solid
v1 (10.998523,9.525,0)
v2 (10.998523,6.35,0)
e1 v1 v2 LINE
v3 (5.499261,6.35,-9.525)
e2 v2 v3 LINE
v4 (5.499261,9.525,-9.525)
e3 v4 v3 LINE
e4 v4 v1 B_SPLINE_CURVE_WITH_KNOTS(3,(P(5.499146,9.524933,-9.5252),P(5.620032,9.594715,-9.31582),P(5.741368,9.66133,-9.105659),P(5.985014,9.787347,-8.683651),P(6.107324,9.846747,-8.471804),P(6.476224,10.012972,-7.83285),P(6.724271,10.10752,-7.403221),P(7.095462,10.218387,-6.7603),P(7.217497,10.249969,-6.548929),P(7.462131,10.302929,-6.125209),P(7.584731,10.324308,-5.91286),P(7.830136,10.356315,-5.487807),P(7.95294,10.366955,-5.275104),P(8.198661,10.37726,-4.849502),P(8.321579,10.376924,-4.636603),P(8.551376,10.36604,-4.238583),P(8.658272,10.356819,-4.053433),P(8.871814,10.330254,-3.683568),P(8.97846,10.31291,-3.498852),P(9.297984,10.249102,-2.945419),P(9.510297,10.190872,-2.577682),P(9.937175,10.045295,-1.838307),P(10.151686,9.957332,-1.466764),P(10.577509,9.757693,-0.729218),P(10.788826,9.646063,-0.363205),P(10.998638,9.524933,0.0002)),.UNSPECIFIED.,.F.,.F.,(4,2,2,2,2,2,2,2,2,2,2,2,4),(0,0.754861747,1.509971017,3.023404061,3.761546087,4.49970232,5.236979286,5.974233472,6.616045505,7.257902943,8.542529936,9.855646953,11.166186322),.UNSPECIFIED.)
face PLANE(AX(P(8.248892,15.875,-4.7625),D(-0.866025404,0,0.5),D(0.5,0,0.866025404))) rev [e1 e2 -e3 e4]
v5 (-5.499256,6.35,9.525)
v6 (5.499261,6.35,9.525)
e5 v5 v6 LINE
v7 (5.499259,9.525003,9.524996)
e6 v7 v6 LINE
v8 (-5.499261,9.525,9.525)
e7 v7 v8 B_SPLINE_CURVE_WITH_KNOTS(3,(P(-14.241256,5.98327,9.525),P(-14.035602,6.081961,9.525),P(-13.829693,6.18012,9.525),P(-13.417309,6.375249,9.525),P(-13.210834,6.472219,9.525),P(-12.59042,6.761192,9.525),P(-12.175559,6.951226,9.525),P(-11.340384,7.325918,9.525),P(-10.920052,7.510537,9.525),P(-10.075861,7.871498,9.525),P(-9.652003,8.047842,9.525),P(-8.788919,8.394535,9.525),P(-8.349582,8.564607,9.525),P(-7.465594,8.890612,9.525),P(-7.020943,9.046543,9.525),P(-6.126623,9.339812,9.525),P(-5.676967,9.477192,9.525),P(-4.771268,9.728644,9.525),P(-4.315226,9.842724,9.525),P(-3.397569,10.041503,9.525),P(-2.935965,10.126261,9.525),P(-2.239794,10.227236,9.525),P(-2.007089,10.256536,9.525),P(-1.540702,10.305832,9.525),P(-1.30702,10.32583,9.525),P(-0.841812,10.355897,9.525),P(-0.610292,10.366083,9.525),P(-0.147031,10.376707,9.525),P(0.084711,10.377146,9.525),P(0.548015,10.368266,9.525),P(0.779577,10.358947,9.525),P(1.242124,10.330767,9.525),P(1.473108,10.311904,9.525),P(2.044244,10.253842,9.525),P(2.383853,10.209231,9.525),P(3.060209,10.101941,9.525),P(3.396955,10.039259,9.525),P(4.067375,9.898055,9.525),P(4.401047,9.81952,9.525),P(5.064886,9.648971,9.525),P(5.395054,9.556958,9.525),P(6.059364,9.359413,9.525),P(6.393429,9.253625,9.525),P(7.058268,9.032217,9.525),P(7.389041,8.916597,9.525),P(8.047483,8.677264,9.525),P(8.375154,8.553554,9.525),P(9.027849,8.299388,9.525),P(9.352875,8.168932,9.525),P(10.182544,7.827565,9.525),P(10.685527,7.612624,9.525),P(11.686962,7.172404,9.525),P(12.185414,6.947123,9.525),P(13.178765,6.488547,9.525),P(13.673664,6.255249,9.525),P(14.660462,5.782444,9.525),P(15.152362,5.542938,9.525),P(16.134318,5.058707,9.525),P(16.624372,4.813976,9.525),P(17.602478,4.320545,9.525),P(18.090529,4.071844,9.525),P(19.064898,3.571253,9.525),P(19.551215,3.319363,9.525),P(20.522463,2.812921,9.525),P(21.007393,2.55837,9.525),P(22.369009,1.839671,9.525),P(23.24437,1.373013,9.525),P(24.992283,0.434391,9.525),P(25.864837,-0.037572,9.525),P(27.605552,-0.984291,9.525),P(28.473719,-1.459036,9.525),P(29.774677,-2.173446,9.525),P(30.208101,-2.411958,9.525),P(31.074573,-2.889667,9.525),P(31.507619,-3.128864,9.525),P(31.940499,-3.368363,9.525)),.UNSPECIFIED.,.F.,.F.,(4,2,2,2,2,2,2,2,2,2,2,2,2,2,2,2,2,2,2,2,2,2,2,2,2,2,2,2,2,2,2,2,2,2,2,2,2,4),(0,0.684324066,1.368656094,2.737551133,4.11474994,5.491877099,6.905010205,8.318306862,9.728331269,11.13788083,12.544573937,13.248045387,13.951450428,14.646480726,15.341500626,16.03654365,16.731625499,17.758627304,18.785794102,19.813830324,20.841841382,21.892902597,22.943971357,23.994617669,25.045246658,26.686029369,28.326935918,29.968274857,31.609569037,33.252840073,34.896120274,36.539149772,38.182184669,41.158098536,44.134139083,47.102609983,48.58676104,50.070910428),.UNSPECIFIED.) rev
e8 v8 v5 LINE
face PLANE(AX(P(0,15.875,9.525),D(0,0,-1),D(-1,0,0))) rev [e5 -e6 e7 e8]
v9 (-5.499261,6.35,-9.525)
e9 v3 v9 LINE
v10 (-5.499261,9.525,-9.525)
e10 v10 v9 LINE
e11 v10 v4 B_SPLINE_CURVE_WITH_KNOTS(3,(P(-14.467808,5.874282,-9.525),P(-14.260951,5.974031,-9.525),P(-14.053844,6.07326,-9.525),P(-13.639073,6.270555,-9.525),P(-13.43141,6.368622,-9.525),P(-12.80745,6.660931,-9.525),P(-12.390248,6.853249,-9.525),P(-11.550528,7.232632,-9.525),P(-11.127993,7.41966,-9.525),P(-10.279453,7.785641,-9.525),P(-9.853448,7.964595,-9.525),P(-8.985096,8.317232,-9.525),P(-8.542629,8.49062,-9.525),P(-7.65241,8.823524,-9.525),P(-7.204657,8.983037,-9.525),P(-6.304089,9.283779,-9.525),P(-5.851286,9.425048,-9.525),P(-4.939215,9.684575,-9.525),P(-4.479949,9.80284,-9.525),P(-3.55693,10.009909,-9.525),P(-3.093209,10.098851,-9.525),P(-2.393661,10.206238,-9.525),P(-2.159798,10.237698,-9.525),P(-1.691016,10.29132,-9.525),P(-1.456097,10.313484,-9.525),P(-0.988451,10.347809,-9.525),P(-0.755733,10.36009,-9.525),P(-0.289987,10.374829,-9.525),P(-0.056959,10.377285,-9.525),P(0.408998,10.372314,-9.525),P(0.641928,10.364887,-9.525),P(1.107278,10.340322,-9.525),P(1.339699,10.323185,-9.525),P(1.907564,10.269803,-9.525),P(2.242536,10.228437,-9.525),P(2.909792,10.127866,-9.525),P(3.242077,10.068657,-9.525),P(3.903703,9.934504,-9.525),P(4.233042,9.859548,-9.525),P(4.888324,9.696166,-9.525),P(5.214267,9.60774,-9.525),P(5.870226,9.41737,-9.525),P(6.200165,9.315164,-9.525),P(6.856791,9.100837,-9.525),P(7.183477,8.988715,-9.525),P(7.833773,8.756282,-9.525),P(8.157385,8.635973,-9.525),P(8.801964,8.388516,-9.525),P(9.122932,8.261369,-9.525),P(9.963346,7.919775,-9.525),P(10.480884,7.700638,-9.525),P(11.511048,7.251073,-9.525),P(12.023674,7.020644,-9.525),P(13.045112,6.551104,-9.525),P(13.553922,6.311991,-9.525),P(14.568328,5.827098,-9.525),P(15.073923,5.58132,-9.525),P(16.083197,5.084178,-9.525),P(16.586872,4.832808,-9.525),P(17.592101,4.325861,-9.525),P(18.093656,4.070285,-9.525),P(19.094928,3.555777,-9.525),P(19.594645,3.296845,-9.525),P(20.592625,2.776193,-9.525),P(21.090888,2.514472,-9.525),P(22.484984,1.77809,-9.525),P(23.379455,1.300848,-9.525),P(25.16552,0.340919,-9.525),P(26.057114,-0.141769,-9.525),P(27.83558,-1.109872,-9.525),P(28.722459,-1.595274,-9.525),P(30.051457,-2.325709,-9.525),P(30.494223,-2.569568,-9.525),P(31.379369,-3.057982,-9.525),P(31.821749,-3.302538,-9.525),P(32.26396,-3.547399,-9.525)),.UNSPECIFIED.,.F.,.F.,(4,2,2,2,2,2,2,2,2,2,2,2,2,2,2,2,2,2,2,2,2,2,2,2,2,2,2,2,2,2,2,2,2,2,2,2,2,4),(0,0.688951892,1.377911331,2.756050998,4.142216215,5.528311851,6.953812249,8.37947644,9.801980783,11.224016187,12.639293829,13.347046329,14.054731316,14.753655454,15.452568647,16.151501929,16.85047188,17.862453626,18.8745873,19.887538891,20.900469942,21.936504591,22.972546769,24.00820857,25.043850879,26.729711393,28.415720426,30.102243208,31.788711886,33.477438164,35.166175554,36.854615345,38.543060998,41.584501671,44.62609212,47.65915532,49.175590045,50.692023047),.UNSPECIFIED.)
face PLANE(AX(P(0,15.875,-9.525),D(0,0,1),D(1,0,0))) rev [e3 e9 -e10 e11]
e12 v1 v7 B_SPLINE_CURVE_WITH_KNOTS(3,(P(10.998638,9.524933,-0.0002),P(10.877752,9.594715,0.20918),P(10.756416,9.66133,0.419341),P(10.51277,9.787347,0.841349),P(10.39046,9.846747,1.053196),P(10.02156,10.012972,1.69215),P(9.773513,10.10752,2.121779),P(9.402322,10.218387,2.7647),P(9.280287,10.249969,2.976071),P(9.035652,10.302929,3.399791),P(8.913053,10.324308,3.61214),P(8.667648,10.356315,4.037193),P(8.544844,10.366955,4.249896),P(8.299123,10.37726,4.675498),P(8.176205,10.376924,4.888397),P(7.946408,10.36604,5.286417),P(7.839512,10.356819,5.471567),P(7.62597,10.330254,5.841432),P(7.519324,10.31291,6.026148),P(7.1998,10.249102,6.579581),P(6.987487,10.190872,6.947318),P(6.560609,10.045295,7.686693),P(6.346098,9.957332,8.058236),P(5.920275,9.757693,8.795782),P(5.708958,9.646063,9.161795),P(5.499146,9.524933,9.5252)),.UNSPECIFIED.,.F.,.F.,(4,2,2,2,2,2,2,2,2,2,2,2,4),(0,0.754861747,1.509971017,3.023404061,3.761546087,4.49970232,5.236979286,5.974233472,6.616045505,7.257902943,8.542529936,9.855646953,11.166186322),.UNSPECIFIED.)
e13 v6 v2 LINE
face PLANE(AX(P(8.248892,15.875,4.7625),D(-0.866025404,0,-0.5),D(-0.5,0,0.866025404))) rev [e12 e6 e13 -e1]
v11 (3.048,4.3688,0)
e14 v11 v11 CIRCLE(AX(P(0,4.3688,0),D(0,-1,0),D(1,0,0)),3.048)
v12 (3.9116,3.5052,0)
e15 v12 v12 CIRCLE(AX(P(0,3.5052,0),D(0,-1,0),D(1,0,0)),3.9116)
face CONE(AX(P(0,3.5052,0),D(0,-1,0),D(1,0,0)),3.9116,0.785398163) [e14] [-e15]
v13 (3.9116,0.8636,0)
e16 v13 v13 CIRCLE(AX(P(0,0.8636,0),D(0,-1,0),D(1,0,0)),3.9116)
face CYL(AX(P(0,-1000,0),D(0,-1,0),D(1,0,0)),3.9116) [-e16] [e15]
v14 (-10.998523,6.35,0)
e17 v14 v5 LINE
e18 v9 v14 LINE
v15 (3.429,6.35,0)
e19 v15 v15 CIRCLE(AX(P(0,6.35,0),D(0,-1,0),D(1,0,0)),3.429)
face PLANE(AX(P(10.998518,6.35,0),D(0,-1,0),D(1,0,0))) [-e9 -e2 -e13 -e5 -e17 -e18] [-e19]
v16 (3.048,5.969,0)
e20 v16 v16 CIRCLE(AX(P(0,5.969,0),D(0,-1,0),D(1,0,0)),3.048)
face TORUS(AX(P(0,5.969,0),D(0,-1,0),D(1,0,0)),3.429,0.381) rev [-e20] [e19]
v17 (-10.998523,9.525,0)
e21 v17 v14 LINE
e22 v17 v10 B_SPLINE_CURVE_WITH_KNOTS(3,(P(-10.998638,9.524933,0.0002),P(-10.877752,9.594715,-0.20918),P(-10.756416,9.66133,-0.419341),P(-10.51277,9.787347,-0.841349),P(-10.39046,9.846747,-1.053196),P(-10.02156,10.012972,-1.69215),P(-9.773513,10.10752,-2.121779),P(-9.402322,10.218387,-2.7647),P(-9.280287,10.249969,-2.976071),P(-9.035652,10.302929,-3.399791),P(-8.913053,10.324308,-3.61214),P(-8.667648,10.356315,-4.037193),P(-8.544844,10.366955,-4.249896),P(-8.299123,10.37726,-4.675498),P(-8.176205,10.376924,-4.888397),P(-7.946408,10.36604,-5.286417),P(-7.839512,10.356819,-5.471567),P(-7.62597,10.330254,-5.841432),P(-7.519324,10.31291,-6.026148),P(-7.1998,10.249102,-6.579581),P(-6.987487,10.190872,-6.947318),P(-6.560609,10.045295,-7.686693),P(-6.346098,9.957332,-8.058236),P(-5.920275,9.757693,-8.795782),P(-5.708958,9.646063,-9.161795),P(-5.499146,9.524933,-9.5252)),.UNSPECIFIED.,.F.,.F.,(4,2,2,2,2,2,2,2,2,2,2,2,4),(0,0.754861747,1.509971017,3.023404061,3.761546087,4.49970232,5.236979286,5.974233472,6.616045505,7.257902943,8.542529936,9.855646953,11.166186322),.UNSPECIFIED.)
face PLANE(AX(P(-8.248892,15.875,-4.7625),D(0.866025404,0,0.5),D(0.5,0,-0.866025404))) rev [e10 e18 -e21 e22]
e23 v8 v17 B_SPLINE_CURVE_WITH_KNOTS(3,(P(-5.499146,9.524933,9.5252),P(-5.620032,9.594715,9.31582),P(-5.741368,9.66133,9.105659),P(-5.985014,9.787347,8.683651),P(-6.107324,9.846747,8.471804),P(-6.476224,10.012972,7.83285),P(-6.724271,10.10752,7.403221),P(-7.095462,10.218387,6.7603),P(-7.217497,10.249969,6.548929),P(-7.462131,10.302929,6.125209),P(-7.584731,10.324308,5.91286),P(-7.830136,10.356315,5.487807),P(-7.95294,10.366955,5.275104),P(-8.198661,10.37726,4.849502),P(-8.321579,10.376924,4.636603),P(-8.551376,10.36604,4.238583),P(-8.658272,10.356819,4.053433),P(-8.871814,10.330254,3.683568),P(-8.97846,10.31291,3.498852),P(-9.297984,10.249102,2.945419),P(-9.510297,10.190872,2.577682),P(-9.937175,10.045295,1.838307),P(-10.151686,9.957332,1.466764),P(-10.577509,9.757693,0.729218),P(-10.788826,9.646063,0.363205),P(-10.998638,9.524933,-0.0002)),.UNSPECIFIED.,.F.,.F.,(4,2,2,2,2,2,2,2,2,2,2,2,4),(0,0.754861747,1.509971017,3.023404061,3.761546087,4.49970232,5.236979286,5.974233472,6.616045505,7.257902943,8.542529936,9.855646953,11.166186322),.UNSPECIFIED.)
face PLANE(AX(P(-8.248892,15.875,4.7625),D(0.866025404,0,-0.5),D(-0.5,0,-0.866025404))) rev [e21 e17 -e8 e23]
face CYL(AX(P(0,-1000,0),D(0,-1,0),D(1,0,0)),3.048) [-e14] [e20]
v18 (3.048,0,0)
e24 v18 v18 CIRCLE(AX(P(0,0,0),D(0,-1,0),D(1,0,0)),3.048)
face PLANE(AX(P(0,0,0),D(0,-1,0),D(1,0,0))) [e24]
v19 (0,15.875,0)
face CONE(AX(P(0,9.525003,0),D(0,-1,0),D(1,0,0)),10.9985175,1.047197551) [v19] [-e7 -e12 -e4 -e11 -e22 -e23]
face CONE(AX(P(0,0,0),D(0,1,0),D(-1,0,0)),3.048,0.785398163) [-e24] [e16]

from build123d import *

# Parameters (mm, degrees)
CUT_EXTRUDE2_DEPTH = 15.875


with BuildPart() as part:
    # Sketch3 → Revolve1 (revolve)
    with BuildSketch(Plane.XY):
        with BuildLine():
            Line((0, 15.875), (10.9985175, 9.525002961))
            Line((10.9985175, 9.525002961), (10.9985175, 6.35))
            Line((10.9985175, 6.35), (3.429, 6.35))
            ThreePointArc((3.429, 6.35), (3.159592316, 6.238407684), (3.048, 5.969))
            Line((3.048, 5.969), (3.048, 4.3688))
            Line((3.048, 4.3688), (3.9116, 3.5052))
            Line((3.9116, 3.5052), (3.9116, 0.8636))
            Line((3.9116, 0.8636), (3.048, 0))
            Line((3.048, 0), (0, 0))
            Line((0, 0), (0, 15.875))
        make_face()
    revolve(axis=Axis((0, -1000, 0), (0, 1, 0)))

    # Sketch1 → Cut-Extrude2 (cut)
    with BuildSketch(Plane(origin=(0, 0, 0), x_dir=(1, 0, 0), z_dir=(0, 1, 0))):
        with BuildLine():
            ThreePointArc((-5.499261314, -9.525), (0, -10.998522628), (5.499261314, -9.525))
            Line((5.499261314, -9.525), (-5.499261314, -9.525))
        make_face()
        with BuildLine():
            ThreePointArc((-10.998522628, 0), (-9.525, -5.499261314), (-5.499261314, -9.525))
            Line((-5.499261314, -9.525), (-10.998522628, 0))
        make_face()
        with BuildLine():
            ThreePointArc((5.499261314, -9.525), (9.525, -5.499261314), (10.998522628, 0))
            Line((10.998522628, 0), (5.499261314, -9.525))
        make_face()
        with BuildLine():
            Line((5.499261314, 9.525), (10.998522628, 0))
            ThreePointArc((10.998522628, 0), (9.525, 5.499261314), (5.499261314, 9.525))
        make_face()
        with BuildLine():
            Line((-5.499261314, 9.525), (5.499261314, 9.525))
            ThreePointArc((5.499261314, 9.525), (0, 10.998522628), (-5.499261314, 9.525))
        make_face()
        with BuildLine():
            Line((-10.998522628, 0), (-5.499261314, 9.525))
            ThreePointArc((-5.499261314, 9.525), (-9.525, 5.499261314), (-10.998522628, 0))
        make_face()
    extrude(amount=CUT_EXTRUDE2_DEPTH, mode=Mode.SUBTRACT)


solid = part.part
